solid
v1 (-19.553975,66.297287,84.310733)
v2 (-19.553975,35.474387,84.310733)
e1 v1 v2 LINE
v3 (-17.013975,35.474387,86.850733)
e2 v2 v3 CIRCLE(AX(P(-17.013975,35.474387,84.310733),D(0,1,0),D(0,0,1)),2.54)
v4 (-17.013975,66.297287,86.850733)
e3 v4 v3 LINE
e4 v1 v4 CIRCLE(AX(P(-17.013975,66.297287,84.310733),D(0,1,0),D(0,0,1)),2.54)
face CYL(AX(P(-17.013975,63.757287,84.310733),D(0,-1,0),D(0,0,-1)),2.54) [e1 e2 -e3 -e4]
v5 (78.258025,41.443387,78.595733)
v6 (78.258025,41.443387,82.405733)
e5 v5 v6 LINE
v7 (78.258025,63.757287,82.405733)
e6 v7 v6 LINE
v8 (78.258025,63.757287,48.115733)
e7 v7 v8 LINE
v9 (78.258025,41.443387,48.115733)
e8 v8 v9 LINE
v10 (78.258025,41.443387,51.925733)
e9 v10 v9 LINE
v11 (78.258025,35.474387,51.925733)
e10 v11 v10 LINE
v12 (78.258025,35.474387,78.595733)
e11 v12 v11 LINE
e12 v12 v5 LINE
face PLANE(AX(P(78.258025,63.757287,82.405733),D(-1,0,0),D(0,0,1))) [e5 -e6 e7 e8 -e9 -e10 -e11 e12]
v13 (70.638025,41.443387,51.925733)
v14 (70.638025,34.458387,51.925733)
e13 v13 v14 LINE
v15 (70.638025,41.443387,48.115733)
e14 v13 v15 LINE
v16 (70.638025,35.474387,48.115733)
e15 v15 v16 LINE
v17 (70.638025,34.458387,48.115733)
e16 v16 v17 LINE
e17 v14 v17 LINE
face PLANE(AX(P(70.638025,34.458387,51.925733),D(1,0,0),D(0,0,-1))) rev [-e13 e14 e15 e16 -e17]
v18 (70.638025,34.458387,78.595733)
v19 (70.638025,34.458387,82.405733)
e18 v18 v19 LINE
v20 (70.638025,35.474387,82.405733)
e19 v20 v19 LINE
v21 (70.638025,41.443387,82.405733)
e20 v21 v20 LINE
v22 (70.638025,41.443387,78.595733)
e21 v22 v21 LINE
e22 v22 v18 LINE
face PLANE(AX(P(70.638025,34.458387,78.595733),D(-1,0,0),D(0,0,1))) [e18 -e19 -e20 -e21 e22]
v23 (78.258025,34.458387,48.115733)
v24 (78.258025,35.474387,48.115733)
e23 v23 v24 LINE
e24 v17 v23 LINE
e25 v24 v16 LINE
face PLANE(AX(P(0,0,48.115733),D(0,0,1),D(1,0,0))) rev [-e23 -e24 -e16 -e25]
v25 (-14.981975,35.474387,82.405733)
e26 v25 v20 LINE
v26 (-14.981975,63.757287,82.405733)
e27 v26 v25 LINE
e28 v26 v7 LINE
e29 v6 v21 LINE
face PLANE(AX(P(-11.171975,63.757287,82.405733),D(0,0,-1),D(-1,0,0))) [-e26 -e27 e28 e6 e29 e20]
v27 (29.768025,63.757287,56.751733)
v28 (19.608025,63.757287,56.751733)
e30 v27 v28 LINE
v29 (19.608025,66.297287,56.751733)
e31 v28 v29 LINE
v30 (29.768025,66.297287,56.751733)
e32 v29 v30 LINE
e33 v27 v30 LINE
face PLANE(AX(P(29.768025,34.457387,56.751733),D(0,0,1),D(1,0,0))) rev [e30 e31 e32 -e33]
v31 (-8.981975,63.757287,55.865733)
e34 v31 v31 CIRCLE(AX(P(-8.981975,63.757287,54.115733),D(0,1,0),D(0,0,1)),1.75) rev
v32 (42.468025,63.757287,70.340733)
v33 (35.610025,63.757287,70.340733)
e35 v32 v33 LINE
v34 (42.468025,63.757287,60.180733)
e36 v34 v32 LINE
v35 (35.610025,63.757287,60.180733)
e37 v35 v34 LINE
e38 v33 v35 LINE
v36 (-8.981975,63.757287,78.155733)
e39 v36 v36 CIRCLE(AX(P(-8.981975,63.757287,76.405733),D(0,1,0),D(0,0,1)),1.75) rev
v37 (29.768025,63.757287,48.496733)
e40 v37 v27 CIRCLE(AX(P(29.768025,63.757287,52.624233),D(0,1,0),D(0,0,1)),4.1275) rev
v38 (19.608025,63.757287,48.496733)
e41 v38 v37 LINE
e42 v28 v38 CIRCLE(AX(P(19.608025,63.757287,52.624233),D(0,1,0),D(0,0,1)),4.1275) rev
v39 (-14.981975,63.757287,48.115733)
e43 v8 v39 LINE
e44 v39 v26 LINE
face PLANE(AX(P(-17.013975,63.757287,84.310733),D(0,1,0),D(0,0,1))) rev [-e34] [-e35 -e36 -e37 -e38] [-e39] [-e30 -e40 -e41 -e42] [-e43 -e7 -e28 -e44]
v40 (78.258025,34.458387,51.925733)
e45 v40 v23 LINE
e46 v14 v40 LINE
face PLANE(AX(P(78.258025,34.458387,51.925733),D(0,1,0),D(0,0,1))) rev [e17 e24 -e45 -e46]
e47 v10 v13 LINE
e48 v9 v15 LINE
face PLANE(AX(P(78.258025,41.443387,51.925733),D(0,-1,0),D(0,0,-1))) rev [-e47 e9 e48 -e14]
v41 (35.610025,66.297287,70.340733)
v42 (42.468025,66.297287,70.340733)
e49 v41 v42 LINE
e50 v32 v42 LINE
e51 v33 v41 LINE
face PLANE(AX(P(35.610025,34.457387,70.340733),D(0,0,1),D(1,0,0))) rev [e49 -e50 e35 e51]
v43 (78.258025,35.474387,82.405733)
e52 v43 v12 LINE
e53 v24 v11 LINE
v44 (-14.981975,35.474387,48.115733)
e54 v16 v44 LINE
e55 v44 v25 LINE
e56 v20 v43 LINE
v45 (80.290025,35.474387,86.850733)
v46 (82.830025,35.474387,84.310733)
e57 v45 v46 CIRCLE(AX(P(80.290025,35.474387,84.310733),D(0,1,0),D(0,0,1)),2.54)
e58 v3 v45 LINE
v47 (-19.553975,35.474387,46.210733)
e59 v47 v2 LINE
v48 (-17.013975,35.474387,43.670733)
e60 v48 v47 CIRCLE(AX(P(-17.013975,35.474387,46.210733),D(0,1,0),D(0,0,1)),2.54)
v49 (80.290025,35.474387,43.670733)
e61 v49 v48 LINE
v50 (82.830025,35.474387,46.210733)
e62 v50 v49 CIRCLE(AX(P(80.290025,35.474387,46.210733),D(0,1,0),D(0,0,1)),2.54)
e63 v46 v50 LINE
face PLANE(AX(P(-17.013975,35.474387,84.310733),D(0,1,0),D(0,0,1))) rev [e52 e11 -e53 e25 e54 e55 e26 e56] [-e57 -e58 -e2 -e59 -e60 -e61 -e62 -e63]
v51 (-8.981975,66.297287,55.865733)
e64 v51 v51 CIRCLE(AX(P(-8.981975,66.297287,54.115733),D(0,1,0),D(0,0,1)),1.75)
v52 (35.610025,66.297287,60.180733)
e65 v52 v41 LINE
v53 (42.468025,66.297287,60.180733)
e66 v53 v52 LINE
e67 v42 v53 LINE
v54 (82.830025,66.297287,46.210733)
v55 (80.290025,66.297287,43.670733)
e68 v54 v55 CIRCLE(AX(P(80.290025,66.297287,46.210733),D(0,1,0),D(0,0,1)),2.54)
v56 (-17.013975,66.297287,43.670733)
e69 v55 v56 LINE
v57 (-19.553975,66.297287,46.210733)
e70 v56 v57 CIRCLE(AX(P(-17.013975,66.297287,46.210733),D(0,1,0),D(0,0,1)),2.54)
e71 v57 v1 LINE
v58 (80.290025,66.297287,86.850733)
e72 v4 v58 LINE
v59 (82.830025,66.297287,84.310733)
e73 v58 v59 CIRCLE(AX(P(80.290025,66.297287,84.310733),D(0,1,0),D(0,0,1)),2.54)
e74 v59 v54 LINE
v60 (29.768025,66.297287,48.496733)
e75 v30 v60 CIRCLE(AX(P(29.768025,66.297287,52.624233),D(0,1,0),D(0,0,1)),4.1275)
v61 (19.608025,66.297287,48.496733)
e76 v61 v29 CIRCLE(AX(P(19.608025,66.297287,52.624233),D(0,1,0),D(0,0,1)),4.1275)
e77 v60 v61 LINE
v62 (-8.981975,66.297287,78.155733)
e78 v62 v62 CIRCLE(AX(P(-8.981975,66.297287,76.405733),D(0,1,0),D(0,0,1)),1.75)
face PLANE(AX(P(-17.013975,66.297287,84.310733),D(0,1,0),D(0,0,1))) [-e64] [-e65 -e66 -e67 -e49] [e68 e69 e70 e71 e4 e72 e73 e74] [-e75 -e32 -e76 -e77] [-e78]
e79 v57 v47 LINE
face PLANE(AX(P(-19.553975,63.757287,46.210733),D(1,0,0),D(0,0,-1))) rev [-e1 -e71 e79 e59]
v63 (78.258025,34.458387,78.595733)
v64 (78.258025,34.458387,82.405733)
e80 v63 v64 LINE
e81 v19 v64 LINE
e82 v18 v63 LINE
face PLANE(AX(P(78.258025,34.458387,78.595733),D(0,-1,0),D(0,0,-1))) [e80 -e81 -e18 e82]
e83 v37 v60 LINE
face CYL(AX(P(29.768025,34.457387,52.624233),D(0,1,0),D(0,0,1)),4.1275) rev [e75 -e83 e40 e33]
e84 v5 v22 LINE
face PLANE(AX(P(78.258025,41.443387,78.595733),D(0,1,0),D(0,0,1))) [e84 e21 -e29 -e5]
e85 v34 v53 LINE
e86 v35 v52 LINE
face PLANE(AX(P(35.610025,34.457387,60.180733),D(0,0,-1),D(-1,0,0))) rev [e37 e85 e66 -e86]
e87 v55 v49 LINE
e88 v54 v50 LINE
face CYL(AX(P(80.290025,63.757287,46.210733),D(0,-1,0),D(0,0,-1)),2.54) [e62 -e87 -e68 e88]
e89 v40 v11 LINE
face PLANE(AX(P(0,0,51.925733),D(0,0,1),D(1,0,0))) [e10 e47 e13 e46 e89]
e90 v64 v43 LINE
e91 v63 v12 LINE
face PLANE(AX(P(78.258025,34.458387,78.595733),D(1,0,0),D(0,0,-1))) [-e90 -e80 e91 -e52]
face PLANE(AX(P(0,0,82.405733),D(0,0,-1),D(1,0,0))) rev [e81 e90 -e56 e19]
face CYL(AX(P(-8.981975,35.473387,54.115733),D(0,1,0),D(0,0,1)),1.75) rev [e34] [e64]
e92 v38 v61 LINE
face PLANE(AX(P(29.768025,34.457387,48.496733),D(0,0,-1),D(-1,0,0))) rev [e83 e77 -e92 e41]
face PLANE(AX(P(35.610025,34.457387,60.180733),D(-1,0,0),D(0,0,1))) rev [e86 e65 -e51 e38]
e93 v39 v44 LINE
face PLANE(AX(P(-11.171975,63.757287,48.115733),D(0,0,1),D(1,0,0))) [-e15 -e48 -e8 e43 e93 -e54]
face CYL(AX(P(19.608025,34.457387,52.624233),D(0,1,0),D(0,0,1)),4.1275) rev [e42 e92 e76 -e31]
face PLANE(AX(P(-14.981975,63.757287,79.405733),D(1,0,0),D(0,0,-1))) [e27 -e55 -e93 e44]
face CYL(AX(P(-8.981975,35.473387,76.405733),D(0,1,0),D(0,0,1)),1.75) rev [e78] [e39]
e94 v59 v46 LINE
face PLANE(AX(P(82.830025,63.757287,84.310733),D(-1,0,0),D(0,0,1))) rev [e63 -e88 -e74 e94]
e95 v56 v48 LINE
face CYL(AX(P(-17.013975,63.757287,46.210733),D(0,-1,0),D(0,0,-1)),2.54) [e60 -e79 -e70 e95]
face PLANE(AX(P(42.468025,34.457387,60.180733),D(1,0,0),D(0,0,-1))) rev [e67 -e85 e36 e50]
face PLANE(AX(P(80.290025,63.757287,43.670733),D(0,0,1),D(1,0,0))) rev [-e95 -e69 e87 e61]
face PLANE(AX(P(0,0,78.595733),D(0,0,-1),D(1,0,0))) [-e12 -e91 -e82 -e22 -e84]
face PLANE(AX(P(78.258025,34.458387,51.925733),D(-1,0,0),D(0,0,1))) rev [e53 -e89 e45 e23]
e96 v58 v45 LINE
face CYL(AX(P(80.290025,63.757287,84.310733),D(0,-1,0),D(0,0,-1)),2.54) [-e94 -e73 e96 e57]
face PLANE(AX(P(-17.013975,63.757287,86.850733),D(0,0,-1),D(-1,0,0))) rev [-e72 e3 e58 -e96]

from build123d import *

# Parameters (mm, degrees)
BOSS_EXTRUDE1_DEPTH = 28.2829
BOSS_EXTRUDE2_DEPTH = 2.54
CUT_EXTRUDE1_REACH  = 125.911
SKETCH3_R           = 1.75
SKETCH4_W           = 7.62
SKETCH4_H           = 6.985
BOSS_EXTRUDE3_DEPTH = 3.81
CUT_EXTRUDE2_REACH  = 126.168
SKETCH6_W           = 6.858000092
SKETCH6_H           = 10.16
CUT_EXTRUDE3_REACH  = 126.168


with BuildPart() as part:
    # Sketch1 → Boss-Extrude1 (new body)
    with BuildSketch(Plane(origin=(0, 35.474386892, 0), x_dir=(1, 0, 0), z_dir=(0, 1, 0))):
        with BuildLine():
            Line((-17.013975249, -86.850733206), (80.290024751, -86.850733206))
            ThreePointArc((80.290024751, -86.850733206), (82.086075975, -86.10678443), (82.830024751, -84.310733206))
            Line((82.830024751, -84.310733206), (82.830024751, -46.210733206))
            ThreePointArc((82.830024751, -46.210733206), (82.086075975, -44.414681982), (80.290024751, -43.670733206))
            Line((80.290024751, -43.670733206), (-17.013975249, -43.670733206))
            ThreePointArc((-17.013975249, -43.670733206), (-18.810026474, -44.414681982), (-19.553975249, -46.210733206))
            Line((-19.553975249, -46.210733206), (-19.553975249, -84.310733206))
            ThreePointArc((-19.553975249, -84.310733206), (-18.810026474, -86.10678443), (-17.013975249, -86.850733206))
        make_face()
        Polygon((78.258024751, -82.405733206), (78.258024751, -48.115733206), (-6.791975249, -48.115733206), (-11.171975249, -48.115733206), (-14.981975249, -48.115733206), (-14.981975249, -51.115733206), (-14.981975249, -54.115733206), (-14.981975249, -76.405733206), (-14.981975249, -79.405733206), (-14.981975249, -82.405733206), (-11.171975249, -82.405733206), (-6.791975249, -82.405733206), align=None, mode=Mode.SUBTRACT)
    extrude(amount=BOSS_EXTRUDE1_DEPTH)

    # Sketch2 → Boss-Extrude2 (add)
    with BuildSketch(Plane(origin=(0, 63.757286892, 0), x_dir=(1, 0, 0), z_dir=(0, 1, 0))):
        with BuildLine():
            Line((-17.013975249, -86.850733206), (80.290024751, -86.850733206))
            ThreePointArc((80.290024751, -86.850733206), (82.086075975, -86.10678443), (82.830024751, -84.310733206))
            Line((82.830024751, -84.310733206), (82.830024751, -46.210733206))
            ThreePointArc((82.830024751, -46.210733206), (82.086075975, -44.414681982), (80.290024751, -43.670733206))
            Line((80.290024751, -43.670733206), (-17.013975249, -43.670733206))
            ThreePointArc((-17.013975249, -43.670733206), (-18.810026474, -44.414681982), (-19.553975249, -46.210733206))
            Line((-19.553975249, -46.210733206), (-19.553975249, -84.310733206))
            ThreePointArc((-19.553975249, -84.310733206), (-18.810026474, -86.10678443), (-17.013975249, -86.850733206))
        make_face()
    extrude(amount=BOSS_EXTRUDE2_DEPTH)

    # Sketch3 → Cut-Extrude1 (cut, up to next)
    with BuildSketch(Plane(origin=(0, 66.297286892, 0), x_dir=(1, 0, 0), z_dir=(0, 1, 0)), mode=Mode.PRIVATE) as cut_extrude1_sk1:
        with Locations(Location((-8.981975249, -54.115733206, 0), (0, 0, 270))):
            Circle(SKETCH3_R)
    cut_extrude1_tool1 = extrude(cut_extrude1_sk1.sketch, amount=-CUT_EXTRUDE1_REACH, mode=Mode.PRIVATE) & part.part
    # Sketch3 → Cut-Extrude1 (cut, up to next)
    with BuildSketch(Plane(origin=(0, 66.297286892, 0), x_dir=(1, 0, 0), z_dir=(0, 1, 0)), mode=Mode.PRIVATE) as cut_extrude1_sk2:
        with Locations(Location((-8.981975249, -76.405733206, 0), (0, 0, 270))):
            Circle(SKETCH3_R)
    cut_extrude1_tool2 = extrude(cut_extrude1_sk2.sketch, amount=-CUT_EXTRUDE1_REACH, mode=Mode.PRIVATE) & part.part
    add(cut_extrude1_tool1.solids().sort_by_distance((-8.981975, 66.297287, 54.115733))[0], mode=Mode.SUBTRACT)
    add(cut_extrude1_tool2.solids().sort_by_distance((-8.981975, 66.297287, 76.405733))[0], mode=Mode.SUBTRACT)

    # Sketch4 → Boss-Extrude3 (add)
    with BuildSketch(Plane.XY.offset(48.115733206)):
        with Locations((74.448024751, 37.950886892)):
            Rectangle(SKETCH4_W, SKETCH4_H)
    boss_extrude3 = extrude(amount=BOSS_EXTRUDE3_DEPTH)

    # Mirror1: Boss-Extrude3 across plane
    add(boss_extrude3.mirror(Plane.XY.offset(65.260733206)))

    # Sketch6 → Cut-Extrude2 (cut, up to next)
    with BuildSketch(Plane(origin=(0, 66.297286892, 0), x_dir=(1, 0, 0), z_dir=(0, 1, 0)), mode=Mode.PRIVATE) as cut_extrude2_sk1:
        with Locations((39.039024705, -65.260733206)):
            Rectangle(SKETCH6_W, SKETCH6_H)
    cut_extrude2_tool1 = extrude(cut_extrude2_sk1.sketch, amount=-CUT_EXTRUDE2_REACH, mode=Mode.PRIVATE) & part.part
    add(cut_extrude2_tool1.solids().sort_by_distance((39.039025, 66.297287, 65.260733))[0], mode=Mode.SUBTRACT)

    # Sketch7 → Cut-Extrude3 (cut, up to next)
    with BuildSketch(Plane(origin=(0, 66.297286892, 0), x_dir=(1, 0, 0), z_dir=(0, 1, 0)), mode=Mode.PRIVATE) as cut_extrude3_sk1:
        with BuildLine():
            Line((29.768024751, -56.751733206), (19.608024751, -56.751733206))
            ThreePointArc((19.608024751, -56.751733206), (15.480524751, -52.624233206), (19.608024751, -48.496733206))
            Line((19.608024751, -48.496733206), (29.768024751, -48.496733206))
            ThreePointArc((29.768024751, -48.496733206), (33.895524751, -52.624233206), (29.768024751, -56.751733206))
        make_face()
    cut_extrude3_tool1 = extrude(cut_extrude3_sk1.sketch, amount=-CUT_EXTRUDE3_REACH, mode=Mode.PRIVATE) & part.part
    add(cut_extrude3_tool1.solids().sort_by_distance((24.688025, 66.297287, 52.624233))[0], mode=Mode.SUBTRACT)


solid = part.part
